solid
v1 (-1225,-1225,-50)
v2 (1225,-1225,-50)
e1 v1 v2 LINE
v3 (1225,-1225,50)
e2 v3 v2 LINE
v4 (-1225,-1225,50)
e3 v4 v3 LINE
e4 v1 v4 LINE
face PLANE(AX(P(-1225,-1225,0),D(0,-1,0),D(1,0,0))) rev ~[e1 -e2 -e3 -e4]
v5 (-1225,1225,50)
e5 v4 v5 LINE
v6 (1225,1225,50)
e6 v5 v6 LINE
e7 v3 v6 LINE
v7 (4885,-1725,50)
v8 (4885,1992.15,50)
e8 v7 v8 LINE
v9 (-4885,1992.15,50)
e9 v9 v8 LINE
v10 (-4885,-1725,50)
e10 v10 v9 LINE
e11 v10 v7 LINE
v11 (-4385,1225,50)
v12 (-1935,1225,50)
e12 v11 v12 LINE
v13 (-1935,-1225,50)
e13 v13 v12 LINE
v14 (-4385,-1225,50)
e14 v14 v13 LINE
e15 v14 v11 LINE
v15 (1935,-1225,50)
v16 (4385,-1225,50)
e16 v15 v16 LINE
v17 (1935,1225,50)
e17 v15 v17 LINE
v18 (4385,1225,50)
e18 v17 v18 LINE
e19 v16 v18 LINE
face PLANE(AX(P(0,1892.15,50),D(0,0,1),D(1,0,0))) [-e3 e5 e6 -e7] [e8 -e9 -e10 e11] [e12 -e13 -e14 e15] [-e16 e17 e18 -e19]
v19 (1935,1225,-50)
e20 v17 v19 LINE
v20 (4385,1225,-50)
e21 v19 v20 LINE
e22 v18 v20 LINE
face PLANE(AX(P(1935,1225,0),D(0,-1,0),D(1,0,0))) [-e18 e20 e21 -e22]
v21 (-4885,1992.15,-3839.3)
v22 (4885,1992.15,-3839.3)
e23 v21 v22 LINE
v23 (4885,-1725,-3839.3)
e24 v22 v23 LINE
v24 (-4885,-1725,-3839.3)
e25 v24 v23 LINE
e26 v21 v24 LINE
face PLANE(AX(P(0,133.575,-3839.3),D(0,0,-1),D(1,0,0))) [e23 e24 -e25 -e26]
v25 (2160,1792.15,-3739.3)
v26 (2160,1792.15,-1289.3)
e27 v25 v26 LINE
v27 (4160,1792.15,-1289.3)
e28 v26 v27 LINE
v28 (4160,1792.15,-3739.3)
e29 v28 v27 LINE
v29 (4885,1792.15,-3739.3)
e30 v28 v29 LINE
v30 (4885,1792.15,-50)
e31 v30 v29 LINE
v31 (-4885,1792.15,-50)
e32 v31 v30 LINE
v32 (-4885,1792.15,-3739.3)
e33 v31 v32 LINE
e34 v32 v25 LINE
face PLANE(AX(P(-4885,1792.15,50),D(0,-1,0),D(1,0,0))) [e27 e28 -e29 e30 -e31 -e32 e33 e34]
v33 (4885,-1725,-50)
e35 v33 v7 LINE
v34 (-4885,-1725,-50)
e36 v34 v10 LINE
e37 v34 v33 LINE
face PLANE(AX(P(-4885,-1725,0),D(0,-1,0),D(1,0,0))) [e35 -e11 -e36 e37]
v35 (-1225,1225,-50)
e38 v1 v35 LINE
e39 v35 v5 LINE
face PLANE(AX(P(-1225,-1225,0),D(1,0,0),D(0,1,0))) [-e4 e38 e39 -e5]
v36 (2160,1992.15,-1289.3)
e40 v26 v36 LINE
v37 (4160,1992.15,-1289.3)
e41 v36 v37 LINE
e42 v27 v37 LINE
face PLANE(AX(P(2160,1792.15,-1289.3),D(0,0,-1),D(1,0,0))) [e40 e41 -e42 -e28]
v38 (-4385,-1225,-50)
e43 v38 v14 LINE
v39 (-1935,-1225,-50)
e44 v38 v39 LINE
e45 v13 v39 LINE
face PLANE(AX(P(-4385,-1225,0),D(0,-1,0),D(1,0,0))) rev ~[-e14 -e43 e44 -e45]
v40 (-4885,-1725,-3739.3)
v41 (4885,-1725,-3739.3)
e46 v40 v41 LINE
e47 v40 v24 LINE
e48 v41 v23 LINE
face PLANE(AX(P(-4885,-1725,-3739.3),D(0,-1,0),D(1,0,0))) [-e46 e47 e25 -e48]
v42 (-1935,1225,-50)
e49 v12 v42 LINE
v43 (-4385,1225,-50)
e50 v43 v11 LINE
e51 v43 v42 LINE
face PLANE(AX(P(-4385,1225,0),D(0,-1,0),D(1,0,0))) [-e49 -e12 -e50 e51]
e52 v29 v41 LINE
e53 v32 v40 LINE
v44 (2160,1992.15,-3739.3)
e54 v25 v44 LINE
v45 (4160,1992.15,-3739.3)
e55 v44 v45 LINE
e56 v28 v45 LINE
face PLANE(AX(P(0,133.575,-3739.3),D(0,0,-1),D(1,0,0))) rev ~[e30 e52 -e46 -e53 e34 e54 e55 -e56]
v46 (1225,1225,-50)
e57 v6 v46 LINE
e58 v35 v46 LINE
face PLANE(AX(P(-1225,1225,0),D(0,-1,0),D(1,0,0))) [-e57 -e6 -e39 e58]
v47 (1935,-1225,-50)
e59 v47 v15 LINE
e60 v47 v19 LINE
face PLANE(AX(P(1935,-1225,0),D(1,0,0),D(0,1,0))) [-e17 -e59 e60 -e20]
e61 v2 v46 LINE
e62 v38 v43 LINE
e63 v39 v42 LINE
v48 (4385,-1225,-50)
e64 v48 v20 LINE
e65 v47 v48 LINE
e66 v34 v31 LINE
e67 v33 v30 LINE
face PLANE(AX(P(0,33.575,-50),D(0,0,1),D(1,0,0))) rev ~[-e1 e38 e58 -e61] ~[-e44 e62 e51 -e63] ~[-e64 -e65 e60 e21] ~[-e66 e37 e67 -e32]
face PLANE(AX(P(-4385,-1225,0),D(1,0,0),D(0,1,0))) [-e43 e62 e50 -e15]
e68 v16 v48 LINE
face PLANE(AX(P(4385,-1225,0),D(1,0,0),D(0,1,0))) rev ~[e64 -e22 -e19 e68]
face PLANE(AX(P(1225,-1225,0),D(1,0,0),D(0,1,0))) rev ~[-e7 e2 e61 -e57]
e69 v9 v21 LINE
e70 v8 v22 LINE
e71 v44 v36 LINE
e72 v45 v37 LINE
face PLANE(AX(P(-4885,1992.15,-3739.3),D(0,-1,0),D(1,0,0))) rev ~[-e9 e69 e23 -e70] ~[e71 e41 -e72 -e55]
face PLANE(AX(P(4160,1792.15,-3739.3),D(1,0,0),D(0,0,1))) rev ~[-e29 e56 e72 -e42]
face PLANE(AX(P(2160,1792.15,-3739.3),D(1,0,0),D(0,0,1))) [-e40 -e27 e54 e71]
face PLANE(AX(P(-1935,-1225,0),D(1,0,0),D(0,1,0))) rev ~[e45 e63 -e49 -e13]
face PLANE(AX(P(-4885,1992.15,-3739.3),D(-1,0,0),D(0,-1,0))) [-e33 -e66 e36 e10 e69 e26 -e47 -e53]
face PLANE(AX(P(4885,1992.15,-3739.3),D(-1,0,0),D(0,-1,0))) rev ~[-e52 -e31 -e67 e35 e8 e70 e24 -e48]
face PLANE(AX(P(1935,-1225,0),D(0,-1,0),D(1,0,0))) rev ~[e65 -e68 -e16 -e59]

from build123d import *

# Parameters (mm, degrees)
F0_W     = 9770
F0_H     = 3517.15
F0_W_2   = 2450
F0_H_2   = 2450
F1_DEPTH = 50
F2_W     = 9770
F2_H     = 200
F3_DEPTH = 3789.3
F4_W     = 9770
F4_H     = 3717.15
F5_DEPTH = 100
F6_W     = 2000
F6_H     = 2450
F7_DEPTH = 200


with BuildPart() as f1:
    # F0 (on Top) → F1 (new body, symmetric)
    with BuildSketch(Plane.XY):
        with Locations((0, 33.575)):
            Rectangle(F0_W, F0_H)
        with Locations((-3160, 0)):
            Rectangle(F0_W_2, F0_H_2, mode=Mode.SUBTRACT)
        Rectangle(F0_W_2, F0_H_2, mode=Mode.SUBTRACT)
        with Locations((3160, 0)):
            Rectangle(F0_W_2, F0_H_2, mode=Mode.SUBTRACT)
    extrude(amount=F1_DEPTH, both=True)

    # F2 (on face) → F3 (join)
    with BuildSketch(Plane.XY.offset(50)):
        with Locations((0, 1892.15)):
            Rectangle(F2_W, F2_H)
    extrude(amount=-F3_DEPTH)

    # F4 (on face) → F5 (join)
    with BuildSketch(Plane(origin=(0, 0, -3739.3), x_dir=(1, 0, 0), z_dir=(0, 0, -1))):
        with Locations((0, -133.575)):
            Rectangle(F4_W, F4_H)
    extrude(amount=F5_DEPTH)

    # F6 (on face) → F7 (cut, through all)
    with BuildSketch(Plane.XZ.offset(-1792.15)):
        with Locations((3160, -2514.3)):
            Rectangle(F6_W, F6_H)
    extrude(amount=-F7_DEPTH, mode=Mode.SUBTRACT)


solid = f1.part
